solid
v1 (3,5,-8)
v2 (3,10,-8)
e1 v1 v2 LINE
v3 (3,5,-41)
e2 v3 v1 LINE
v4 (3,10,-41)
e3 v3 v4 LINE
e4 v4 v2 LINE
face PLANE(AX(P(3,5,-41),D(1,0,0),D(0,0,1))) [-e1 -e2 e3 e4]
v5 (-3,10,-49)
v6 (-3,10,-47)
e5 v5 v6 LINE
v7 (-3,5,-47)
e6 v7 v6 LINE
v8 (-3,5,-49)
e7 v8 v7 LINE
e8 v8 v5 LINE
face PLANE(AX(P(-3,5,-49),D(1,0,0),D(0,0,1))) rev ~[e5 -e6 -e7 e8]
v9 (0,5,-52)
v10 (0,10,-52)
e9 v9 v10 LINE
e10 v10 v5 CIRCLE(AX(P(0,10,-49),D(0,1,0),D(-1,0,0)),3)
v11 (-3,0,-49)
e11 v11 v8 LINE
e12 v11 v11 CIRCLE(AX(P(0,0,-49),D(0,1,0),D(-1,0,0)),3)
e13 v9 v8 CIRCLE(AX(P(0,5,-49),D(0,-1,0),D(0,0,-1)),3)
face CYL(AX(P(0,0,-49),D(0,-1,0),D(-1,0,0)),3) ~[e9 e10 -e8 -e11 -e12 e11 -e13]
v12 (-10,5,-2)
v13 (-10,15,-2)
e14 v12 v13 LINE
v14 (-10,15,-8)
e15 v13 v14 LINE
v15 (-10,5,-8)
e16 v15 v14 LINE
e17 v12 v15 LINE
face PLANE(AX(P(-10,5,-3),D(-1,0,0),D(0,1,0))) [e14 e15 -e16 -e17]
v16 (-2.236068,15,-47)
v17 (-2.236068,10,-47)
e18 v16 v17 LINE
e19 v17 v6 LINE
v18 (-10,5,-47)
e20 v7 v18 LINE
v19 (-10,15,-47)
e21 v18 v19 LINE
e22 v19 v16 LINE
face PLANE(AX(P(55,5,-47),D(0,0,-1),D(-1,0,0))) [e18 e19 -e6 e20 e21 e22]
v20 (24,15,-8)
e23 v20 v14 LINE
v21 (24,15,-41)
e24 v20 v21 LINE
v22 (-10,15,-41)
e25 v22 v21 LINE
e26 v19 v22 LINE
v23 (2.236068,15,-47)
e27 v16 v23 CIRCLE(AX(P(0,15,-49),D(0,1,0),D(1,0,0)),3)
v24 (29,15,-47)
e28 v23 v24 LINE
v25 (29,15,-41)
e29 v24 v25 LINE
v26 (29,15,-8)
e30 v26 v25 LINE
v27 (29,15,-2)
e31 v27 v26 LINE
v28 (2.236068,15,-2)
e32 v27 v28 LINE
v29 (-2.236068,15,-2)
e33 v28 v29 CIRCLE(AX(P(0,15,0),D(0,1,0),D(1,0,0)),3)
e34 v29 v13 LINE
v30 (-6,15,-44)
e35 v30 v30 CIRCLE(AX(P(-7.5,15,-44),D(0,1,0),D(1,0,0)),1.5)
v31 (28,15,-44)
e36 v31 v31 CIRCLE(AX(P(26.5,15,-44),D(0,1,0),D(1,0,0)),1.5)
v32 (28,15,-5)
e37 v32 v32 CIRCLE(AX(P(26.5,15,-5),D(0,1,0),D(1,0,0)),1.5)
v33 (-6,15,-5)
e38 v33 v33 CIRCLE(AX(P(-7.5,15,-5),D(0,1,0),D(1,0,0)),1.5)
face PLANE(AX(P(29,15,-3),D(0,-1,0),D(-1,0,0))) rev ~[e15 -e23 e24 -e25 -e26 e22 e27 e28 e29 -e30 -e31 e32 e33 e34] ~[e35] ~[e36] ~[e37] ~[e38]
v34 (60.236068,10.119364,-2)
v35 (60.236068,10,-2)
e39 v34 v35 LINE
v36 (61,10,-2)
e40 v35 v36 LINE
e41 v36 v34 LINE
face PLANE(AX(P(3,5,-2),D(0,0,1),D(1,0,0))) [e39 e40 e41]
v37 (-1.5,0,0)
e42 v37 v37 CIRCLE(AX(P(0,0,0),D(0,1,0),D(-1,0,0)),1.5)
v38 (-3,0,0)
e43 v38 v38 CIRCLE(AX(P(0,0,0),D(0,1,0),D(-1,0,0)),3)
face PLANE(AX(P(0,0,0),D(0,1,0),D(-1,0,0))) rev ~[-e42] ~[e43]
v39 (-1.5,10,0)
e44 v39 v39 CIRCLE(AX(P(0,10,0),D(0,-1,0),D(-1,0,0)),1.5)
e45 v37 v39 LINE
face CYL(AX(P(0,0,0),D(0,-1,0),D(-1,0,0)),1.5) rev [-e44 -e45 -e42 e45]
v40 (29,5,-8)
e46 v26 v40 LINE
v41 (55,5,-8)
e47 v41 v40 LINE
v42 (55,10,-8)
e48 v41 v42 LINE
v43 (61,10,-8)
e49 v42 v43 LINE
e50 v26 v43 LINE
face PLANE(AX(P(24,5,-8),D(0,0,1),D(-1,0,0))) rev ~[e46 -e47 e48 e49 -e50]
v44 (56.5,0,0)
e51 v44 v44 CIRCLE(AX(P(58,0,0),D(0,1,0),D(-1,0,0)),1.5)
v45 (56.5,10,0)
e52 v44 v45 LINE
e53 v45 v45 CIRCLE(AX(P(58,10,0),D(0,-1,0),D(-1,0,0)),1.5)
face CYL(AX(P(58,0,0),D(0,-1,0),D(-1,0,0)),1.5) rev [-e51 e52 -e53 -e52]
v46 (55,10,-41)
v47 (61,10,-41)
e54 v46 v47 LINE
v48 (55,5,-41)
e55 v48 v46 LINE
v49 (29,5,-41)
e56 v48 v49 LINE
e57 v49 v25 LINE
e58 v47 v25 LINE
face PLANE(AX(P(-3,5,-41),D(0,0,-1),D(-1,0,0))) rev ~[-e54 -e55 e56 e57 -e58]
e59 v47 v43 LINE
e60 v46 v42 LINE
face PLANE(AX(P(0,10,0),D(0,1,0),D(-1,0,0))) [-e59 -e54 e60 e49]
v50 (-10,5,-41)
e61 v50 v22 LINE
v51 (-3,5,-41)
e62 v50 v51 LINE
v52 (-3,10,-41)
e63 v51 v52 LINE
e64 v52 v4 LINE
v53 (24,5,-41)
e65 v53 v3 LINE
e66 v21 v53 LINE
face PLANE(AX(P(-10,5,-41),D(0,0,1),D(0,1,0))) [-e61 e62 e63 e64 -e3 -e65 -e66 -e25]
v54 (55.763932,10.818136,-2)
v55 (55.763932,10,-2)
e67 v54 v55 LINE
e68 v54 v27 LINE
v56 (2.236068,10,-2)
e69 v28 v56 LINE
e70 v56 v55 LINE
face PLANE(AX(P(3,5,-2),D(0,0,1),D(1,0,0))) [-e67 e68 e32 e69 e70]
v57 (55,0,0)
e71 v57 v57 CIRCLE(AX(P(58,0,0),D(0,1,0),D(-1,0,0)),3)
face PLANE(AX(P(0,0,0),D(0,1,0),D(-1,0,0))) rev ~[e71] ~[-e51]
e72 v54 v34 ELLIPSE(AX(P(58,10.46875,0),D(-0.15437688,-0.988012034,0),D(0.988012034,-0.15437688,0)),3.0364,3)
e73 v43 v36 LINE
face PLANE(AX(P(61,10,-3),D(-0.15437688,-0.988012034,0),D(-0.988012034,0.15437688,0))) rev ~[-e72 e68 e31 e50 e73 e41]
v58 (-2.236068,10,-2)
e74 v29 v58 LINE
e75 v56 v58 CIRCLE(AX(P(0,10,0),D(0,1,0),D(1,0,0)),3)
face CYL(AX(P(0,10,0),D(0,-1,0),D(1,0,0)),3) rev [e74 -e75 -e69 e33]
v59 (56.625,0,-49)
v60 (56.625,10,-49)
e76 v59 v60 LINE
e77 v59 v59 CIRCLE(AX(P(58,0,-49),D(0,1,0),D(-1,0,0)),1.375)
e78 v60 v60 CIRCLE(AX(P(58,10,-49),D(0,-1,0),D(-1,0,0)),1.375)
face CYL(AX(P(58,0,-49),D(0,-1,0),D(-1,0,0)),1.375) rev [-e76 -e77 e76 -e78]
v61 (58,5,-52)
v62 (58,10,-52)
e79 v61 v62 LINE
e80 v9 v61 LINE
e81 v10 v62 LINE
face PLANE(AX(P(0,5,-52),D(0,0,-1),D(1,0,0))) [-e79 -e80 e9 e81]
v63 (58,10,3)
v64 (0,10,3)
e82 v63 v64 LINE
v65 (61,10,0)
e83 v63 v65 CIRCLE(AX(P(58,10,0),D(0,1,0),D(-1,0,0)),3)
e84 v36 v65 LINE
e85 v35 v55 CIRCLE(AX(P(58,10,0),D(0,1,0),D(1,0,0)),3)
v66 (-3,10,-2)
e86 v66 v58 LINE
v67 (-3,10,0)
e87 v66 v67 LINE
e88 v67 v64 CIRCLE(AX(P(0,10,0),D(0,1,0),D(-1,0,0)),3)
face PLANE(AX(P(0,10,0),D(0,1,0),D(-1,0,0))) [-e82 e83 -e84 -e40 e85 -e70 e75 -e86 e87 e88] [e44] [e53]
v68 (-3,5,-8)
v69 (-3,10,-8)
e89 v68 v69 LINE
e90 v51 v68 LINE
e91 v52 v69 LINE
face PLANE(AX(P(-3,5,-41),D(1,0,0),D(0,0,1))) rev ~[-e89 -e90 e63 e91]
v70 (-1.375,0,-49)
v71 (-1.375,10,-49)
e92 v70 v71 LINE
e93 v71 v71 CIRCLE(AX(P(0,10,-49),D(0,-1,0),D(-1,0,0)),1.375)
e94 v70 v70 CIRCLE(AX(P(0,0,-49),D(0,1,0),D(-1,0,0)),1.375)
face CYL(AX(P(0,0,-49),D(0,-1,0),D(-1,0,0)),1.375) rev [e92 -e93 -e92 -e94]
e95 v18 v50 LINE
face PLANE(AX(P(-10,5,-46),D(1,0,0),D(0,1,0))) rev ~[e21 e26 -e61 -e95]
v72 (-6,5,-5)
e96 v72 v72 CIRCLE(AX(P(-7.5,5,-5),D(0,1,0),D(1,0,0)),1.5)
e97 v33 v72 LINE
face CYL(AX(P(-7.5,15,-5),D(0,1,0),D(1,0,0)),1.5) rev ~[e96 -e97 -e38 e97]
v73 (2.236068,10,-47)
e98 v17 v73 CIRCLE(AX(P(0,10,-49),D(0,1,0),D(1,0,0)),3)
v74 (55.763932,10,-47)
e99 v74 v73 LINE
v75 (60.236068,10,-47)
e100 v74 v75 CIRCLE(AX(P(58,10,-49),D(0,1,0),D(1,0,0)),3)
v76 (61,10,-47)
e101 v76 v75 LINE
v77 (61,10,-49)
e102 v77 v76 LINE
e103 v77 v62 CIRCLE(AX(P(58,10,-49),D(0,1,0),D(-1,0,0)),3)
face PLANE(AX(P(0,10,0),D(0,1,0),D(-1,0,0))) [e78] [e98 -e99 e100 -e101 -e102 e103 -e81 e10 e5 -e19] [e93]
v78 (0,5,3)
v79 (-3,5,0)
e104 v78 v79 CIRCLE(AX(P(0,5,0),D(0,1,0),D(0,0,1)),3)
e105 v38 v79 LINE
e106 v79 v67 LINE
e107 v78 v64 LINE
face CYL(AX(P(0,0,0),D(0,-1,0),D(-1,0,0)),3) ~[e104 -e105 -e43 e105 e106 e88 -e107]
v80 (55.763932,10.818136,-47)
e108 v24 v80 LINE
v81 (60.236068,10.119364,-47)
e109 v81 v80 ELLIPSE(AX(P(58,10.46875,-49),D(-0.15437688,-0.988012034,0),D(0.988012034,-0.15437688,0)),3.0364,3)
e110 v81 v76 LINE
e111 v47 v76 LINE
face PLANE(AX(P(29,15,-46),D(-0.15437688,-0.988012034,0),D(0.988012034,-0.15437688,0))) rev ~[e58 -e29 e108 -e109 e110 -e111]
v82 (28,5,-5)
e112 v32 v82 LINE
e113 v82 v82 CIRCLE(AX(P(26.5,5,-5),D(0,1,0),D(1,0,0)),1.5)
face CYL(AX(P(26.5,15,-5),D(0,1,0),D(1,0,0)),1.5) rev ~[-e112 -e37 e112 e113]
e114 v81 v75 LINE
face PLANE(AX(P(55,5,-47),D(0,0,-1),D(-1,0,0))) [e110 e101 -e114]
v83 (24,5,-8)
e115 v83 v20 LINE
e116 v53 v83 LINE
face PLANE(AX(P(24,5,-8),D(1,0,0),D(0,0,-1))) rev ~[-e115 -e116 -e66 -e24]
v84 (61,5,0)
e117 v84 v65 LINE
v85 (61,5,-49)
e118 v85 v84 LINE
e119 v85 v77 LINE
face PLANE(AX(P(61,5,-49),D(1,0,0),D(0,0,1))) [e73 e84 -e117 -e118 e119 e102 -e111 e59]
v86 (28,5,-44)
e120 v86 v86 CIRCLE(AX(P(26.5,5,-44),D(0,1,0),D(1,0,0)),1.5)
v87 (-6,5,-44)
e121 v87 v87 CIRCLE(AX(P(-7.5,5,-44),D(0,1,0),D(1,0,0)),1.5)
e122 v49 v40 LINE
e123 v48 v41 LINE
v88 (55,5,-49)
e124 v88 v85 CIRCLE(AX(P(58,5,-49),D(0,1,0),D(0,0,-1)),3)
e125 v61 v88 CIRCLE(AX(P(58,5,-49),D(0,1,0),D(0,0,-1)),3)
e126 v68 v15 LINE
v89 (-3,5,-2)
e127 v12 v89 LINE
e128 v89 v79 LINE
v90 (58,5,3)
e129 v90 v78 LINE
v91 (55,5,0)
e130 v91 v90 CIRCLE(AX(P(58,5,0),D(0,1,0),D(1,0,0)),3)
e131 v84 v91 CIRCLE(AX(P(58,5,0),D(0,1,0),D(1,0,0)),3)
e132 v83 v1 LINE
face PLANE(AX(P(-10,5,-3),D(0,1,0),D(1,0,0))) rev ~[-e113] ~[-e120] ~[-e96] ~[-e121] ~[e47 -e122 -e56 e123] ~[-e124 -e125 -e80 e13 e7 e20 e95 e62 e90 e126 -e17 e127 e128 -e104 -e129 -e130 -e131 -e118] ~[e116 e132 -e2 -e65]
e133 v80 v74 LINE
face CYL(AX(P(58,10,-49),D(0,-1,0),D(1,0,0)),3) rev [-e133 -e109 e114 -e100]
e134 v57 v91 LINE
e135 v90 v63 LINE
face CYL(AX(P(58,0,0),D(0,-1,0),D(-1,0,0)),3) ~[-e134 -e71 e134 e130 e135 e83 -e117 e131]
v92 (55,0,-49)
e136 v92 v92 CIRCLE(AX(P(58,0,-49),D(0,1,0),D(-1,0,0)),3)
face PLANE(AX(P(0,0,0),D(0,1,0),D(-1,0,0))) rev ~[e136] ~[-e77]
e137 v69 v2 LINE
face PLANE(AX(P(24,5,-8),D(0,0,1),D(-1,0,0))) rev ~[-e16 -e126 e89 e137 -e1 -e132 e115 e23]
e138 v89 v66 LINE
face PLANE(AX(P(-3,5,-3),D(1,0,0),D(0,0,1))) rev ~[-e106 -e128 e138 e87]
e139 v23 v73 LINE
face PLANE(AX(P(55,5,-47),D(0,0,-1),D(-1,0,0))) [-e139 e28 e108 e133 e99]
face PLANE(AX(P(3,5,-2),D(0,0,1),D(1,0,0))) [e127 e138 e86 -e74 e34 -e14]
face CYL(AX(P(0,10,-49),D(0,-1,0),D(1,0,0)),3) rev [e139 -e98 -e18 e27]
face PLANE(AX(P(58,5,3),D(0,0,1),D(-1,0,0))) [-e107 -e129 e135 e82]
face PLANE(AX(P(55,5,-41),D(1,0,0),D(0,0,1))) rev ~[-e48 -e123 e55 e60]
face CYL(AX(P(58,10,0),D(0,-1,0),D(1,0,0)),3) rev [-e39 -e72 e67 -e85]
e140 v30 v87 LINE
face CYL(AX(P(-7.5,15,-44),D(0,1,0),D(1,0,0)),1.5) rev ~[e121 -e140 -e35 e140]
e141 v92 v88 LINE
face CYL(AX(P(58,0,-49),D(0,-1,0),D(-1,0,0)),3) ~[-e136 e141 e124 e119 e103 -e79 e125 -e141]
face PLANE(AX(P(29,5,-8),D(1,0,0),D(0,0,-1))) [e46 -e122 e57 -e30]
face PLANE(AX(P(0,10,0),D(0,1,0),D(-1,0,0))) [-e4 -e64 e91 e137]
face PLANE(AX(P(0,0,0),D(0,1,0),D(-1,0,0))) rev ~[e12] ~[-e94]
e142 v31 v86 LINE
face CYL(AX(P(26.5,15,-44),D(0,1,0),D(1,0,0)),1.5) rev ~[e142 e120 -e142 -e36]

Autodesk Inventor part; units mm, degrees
ref_plane "YZ Plane" through (0, 0, 0) normal (1, 0, 0) x (0, 1, 0)
ref_plane "XY Plane" through (0, 0, 0) normal (0, 0, 1) x (1, 0, 0)
sketch "Sketch1" plane through (0, 0, 0) normal (0, 1, 0) x (-1, 0, 0)
  circle A0 centre (0, 0) radius 1.5
  circle A1 centre (0, 0) radius 3
  circle A2 centre (-58, 0) radius 1.5
  circle A3 centre (-58, 0) radius 3
  circle A4 centre (0, -49) radius 1.375
  circle A5 centre (0, -49) radius 3
  circle A6 centre (-58, -49) radius 1.375
  circle A7 centre (-58, -49) radius 3
  dimension "d0" = 3
  dimension "d1" = 6
  dimension "d2" = 3
  dimension "d3" = 6
  dimension "d4" = 58
  dimension "d5" = 2.75
  dimension "d6" = 6
  dimension "d9" = 49
  dimension "d10" = 2.75
  dimension "d11" = 6
extrude "Extrusion1" add sketch "Sketch1" along normal blind 10
ref_plane "Work Plane1" through (0, 5, 0) normal (0, 1, 0) x (-1, 0, 0)
sketch "Sketch2" plane through (0, 5, 0) normal (0, 1, 0) x (-1, 0, 0)
  circle A0 centre (0, -49) radius 3 projected
  circle A1 centre (0, 0) radius 3 projected
  circle A2 centre (-58, 0) radius 3 projected
  circle A3 centre (-58, -49) radius 3 projected
  circle A4 centre (0, -49) radius 3 projected
  circle A5 centre (0, 0) radius 3 projected
  circle A6 centre (-58, -49) radius 3 projected
  circle A7 centre (0, -49) radius 1.375 projected
  circle A8 centre (-58, 0) radius 1.5 projected
  line L0 (3, -49) -> (3, 0)
  line L1 (0, -52) -> (-58, -52)
  line L2 (-61, -49) -> (-61, 0)
  circle A9 centre (-58, 0) radius 3 projected
  line L3 (-58, 3) -> (0, 3)
  line L4 (-3, -49) -> (-3, 0)
  line L5 (0, -46) -> (-58, -46)
  line L6 (-55, -49) -> (-55, 0)
  line L7 (-58, -3) -> (0, -3)
  line L8 (-55, -47) -> (-3, -47)
  line L9 (-55, -41) -> (-3, -41)
  line L10 (-55, -8) -> (-3, -8)
  line L11 (-55, -2) -> (-3, -2)
  line L12 (0, -46) -> (10, -46)
  line L13 (10, -46) -> (10, -41)
  line L14 (10, -41) -> (-3, -41)
  line L15 (-3, -8) -> (10, -8)
  line L16 (10, -8) -> (10, -3)
  line L17 (0, -3) -> (10, -3)
  line L18 (10, -41) -> (10, -8)
  line L19 (5, -41) -> (5, -8)
  line L20 (-24, -46) -> (-24, -8)
  line L21 (-29, -46) -> (-29, -8)
  point P0 (-3, -46)
  point P1 (-55, -46)
  point P2 (-55, -3)
  point P3 (-3, -3)
  point P4 (3, 0)
  point P5 (0, 3)
  point P6 (-61, 0)
  point P7 (-44, -3)
  point P8 (-39, -3)
  point P9 (3, -3)
  point P10 (3, -8)
  point P11 (-24, -41)
  point P12 (-29, -41)
  dimension "d23" = -1
  dimension "d25" = -1
  dimension "d45" = 39
  dimension "d46" = 10
  dimension "d47" = 5
  dimension "d48" = 34
  dimension "d49" = 5
  dimension "d77" = 5
  dimension "d78" = 5
extrude "Extrusion2" add sketch "Sketch2" along normal up to surface (5 mm away) contours A0 L12 L0 | A0 L4 L5 | L5 L4 L14 L0 L12 | L1 A3 L6 L8 L4 A0 | L0 L14 L13 L12 | L5 L20 L9 L4 | L14 L4 L15 L0 | L5 L21 L9 L20 | L2 A2 L7 L6 L5 A3 | A3 L5 L6 | L15 L4 L7 L17 L0 | L0 L17 L16 L15 | L19 L15 L18 L14 | L10 L6 L7 L4 | L9 L21 L10 L20 | L5 L6 L9 L21 | L17 A1 L0 | L4 A1 L7 | L3 A1 L4 L11 L6 A2 | A2 L6 L7
sketch "Sketch8" plane through (-10, 5, -3) normal (0, 0, 1) x (1, 0, 0)
  line L0 (7, 5) -> (0, 5) projected
  line L1 (10, 5) -> (7, 5) projected
  line L2 (68, 5) -> (10, 5) projected
  line L3 (71, 5) -> (68, 5) projected
  line L4 (39, 0) -> (39, 5) projected
  line L5 (39, 5) -> (39, 10)
  line L6 (39, 10) -> (71, 5)
  line L7 (0, 5) -> (7, 5) projected
  line L8 (0, 5) -> (0, 10)
  line L9 (0, 10) -> (39, 10)
  point P0 (10, -5)
  dimension "d50" = 5
  dimension "d51" = 5
extrude "Extrusion8" add sketch "Sketch8" against normal up to surface (5 mm away)
sketch "Sketch9" plane through (-3, 5, -46) normal (0, 0, -1) x (-1, 0, 0)
  line L0 (-32, 10) -> (7, 10) projected
  line L1 (-64, 5) -> (-32, 10) projected
  line L2 (-58, 5) -> (-64, 5) projected
  line L3 (-3, 5) -> (-61, 5) projected
  line L4 (0, 5) -> (-3, 5) projected
  line L5 (7, 5) -> (0, 5) projected
  line L6 (7, 10) -> (7, 5) projected
  point P0 (-3, -5)
extrude "Extrusion9" add sketch "Sketch9" against normal up to surface (5 mm away)
sketch "Sketch10" plane through (-10, 5, -46) normal (-1, 0, 0) x (0, 0, 1)
  line L0 (38, 5) -> (5, 5) projected
  line L1 (5, 5) -> (5, 10) projected
  line L2 (0, 10) -> (5, 10) projected
  line L3 (0, 0) -> (0, 10) projected
  line L4 (0, 0) -> (43, 0) projected
  line L5 (43, 0) -> (43, 10) projected
  line L6 (43, 10) -> (38, 10) projected
  line L7 (38, 10) -> (38, 5) projected
  line L8 (0, 10) -> (5, 10) projected
  line L9 (5, 10) -> (38, 10)
  point P0 (46, -5)
extrude "Extrusion10" add sketch "Sketch10" against normal up to surface (5 mm away) contours L0 L1 L9 L7
sketch "Sketch11" plane through (29, 5, -8) normal (1, 0, 0) x (0, 0, -1)
  line L0 (0, 10) -> (33, 10) projected
  line L1 (33, 5) -> (0, 5) projected
  line L2 (0, 0) -> (0, 10) projected
  line L3 (33, 0) -> (33, 10) projected
  point P0 (-8, -5)
extrude "Extrusion11" add sketch "Sketch11" against normal up to surface (5 mm away)
sketch "Sketch12" plane through (-10, 15, -3) normal (0, 1, 0) x (1, 0, 0)
  circle A0 centre (2.5, 2) radius 1.5
  circle A1 centre (2.5, 41) radius 1.5
  line L0 (0, 43) -> (0, 0) projected
  line L1 (39, 0) -> (0, 0) projected
  line L2 (0, 43) -> (39, 43) projected
  circle A2 centre (36.5, 2) radius 1.5
  circle A3 centre (36.5, 41) radius 1.5
  line L3 (39, 38) -> (39, 5) projected
  line L4 (5, 38) -> (34, 38) projected
  line L5 (34, 5) -> (5, 5) projected
  point P0 (10, -3)
  dimension "d60" = 3
  dimension "d61" = 3
  dimension "d62" = 2.5
  dimension "d64" = 2.5
  dimension "d66" = 3
  dimension "d67" = 3
  dimension "d69" = 2.5
  dimension "d70" = 2.5
  dimension "d79" = 39
  dimension "d80" = 39
  dimension "d81" = 3
  dimension "d82" = 3
  dimension "d83" = 3
  dimension "d84" = 3
extrude "Extrusion12" cut sketch "Sketch12" against normal up to surface (10 mm away)
sketch "Sketch13" plane through (-10, 5, -46) normal (-1, 0, 0) x (0, 0, 1)
  line L0 (5, 0) -> (5, 10) projected
  line L1 (38, 0) -> (38, 10) projected
  line L2 (0, 10) -> (43, 10) projected
  line L3 (0, 0) -> (43, 0) projected
  point P0 (46, -5)
extrude "Extrusion13" cut sketch "Sketch13" against normal blind 5
sketch "Sketch14" plane through (55, 5, -46) normal (0, 0, -1) x (-1, 0, 0)
  line L0 (0, 0) -> (0, 5) projected
  line L1 (0, 0) -> (52, 0) projected
  line L2 (52, 0) -> (52, 5) projected
  line L3 (58, 5) -> (52, 5) projected
  line L4 (58, 0) -> (58, 5) projected
  line L5 (58, 0) -> (65, 0) projected
  line L6 (65, 0) -> (65, 10) projected
  line L7 (65, 10) -> (26, 10) projected
  line L8 (26, 10) -> (-6, 5) projected
  line L9 (0, 5) -> (-6, 5) projected
  point P0 (55, -5)
extrude "Extrusion14" add sketch "Sketch14" along normal up to surface (1 mm away)
sketch "Sketch15" plane through (3, 5, -3) normal (0, 0, 1) x (1, 0, 0)
  line L0 (0, 0) -> (0, 5) projected
  line L1 (0, 0) -> (52, 0) projected
  line L2 (52, 0) -> (52, 5) projected
  line L3 (58, 5) -> (52, 5) projected
  line L4 (58, 5) -> (26, 10) projected
  line L5 (26, 10) -> (-13, 10) projected
  line L6 (-13, 0) -> (-13, 10) projected
  line L7 (-13, 0) -> (-6, 0) projected
  line L8 (-6, 0) -> (-6, 5) projected
  line L9 (0, 5) -> (-6, 5) projected
  point P0 (-3, -5)
extrude "Extrusion15" add sketch "Sketch15" along normal up to surface (1 mm away)
sketch "Sketch16" plane through (0, 10, 0) normal (0, 1, 0) x (1, 0, 0)
  circle A0 centre (0, 0) radius 1.5 projected
  circle A1 centre (0, 0) radius 3
  circle A2 centre (0, 49) radius 1.375 projected
  circle A3 centre (0, 49) radius 3
  circle A4 centre (58, 49) radius 1.375 projected
  circle A5 centre (58, 49) radius 3
  circle A6 centre (58, 0) radius 1.5 projected
  circle A7 centre (58, 0) radius 3
extrude "Extrusion16" cut sketch "Sketch16" along normal up to surface (5 mm away)
equation "\"d2\" = d0"
equation "\"d3\" = d1"
equation "\"d5\" = d7"
equation "\"d6\" = d8"
equation "\"d10\" = d12"
equation "\"d11\" = d13"
equation "\"d23\" = d25"
equation "\"d47\" = d21"
equation "\"d49\" = d21"
equation "\"d51\" = d50"
equation "\"d61\" = d60"
equation "\"d66\" = d60"
equation "\"d67\" = d60"
equation "\"d80\" = d79"
equation "\"d81\" = d82"
equation "\"d83\" = d82"
equation "\"d7\" = 2.75"
equation "\"d8\" = 6"
equation "\"d12\" = 2.75"
equation "\"d13\" = 6"
equation "\"d21\" = 5"
properties part number "Houder_RPI_v2"
